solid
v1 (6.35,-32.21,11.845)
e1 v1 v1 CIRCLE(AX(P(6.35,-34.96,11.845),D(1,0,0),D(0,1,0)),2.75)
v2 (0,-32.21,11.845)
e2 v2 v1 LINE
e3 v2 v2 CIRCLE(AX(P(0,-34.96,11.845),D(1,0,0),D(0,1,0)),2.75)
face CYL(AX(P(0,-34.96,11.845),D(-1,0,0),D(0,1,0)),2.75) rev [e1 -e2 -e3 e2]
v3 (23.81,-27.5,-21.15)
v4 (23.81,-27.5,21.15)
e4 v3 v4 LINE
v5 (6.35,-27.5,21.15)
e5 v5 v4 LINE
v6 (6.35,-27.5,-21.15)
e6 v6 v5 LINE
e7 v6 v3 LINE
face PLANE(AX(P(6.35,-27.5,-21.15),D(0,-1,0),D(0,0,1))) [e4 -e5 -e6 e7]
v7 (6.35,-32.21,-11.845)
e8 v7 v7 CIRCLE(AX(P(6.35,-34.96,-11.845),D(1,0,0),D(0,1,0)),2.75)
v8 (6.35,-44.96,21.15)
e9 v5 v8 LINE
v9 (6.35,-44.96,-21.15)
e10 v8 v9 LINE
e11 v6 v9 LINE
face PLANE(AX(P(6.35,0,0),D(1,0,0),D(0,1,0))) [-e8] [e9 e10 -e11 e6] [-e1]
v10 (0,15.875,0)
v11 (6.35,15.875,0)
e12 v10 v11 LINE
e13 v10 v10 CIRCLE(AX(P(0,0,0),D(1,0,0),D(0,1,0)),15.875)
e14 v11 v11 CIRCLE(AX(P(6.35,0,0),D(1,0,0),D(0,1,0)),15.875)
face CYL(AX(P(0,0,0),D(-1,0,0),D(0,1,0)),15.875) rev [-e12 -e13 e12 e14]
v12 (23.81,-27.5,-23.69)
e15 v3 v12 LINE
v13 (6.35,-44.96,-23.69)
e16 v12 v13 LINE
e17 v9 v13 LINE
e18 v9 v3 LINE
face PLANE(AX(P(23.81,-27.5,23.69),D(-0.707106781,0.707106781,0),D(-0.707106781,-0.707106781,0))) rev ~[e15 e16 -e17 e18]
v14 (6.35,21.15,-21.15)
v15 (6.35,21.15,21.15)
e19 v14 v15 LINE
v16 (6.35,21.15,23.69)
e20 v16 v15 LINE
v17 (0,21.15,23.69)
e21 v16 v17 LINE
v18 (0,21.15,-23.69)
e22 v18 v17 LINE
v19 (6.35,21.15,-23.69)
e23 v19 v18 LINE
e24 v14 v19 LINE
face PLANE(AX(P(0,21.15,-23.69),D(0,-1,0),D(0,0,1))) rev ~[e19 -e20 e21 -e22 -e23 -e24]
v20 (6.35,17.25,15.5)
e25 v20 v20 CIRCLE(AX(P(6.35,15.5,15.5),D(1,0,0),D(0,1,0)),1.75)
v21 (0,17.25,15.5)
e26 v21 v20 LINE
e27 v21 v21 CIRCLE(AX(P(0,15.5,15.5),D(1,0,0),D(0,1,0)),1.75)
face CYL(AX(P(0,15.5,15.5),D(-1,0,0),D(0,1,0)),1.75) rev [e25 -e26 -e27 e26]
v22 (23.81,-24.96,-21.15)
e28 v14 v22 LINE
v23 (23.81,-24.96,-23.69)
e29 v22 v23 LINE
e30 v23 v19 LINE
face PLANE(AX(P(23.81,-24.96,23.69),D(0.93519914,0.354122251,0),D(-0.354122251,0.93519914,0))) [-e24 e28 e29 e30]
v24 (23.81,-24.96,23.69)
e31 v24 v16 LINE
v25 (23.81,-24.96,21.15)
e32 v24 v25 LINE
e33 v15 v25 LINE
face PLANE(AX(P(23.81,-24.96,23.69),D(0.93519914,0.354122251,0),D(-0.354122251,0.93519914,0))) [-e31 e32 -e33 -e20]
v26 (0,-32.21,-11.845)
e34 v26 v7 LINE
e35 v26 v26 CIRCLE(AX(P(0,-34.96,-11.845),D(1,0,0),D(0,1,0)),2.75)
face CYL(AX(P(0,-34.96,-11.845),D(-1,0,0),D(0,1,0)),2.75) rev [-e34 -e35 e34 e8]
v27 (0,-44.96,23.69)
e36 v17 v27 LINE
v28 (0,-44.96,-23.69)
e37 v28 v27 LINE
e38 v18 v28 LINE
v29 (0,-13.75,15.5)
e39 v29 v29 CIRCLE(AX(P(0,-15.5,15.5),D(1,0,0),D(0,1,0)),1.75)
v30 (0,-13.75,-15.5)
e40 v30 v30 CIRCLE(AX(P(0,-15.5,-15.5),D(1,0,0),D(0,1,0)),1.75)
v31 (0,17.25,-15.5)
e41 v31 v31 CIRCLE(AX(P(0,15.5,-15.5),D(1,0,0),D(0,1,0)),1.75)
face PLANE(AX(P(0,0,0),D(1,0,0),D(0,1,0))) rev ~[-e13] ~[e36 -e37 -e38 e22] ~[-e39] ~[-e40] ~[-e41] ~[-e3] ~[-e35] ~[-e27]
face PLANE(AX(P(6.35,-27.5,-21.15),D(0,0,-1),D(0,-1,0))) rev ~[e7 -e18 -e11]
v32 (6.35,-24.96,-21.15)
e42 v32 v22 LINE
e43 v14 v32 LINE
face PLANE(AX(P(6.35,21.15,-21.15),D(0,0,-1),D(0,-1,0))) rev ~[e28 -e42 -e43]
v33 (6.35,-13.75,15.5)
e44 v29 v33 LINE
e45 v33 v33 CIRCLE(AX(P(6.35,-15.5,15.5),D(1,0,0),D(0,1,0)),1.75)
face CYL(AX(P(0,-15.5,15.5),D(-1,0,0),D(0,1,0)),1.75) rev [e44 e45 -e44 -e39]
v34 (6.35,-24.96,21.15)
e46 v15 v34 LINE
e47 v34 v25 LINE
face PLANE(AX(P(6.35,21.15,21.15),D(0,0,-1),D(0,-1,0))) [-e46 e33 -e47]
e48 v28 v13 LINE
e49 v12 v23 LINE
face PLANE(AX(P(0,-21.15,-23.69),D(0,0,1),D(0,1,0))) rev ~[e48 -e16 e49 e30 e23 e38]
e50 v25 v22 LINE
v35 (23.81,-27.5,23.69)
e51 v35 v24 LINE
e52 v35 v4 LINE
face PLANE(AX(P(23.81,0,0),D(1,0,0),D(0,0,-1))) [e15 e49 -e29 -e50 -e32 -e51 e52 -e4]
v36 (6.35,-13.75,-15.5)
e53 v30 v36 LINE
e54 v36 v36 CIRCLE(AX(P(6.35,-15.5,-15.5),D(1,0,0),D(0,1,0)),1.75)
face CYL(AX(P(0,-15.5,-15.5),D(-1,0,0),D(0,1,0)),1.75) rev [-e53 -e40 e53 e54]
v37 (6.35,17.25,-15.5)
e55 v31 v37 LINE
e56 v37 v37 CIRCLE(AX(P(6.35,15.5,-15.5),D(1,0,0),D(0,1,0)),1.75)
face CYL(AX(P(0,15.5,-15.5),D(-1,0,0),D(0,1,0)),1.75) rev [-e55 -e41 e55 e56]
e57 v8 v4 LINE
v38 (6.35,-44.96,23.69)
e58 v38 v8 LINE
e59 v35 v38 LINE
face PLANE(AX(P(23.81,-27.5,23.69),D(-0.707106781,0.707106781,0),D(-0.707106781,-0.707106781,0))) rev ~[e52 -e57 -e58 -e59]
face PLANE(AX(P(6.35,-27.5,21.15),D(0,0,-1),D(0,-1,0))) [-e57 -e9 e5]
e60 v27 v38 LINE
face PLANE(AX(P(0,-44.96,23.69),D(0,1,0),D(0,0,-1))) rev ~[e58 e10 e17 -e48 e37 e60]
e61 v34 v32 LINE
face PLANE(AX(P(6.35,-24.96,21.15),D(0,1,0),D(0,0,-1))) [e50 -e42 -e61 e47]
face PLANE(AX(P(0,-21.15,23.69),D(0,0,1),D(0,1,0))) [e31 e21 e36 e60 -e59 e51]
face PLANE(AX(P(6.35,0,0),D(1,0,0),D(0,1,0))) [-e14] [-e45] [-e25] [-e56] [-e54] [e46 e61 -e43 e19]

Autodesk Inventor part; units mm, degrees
ref_plane "YZ Plane" through (0, 0, 0) normal (1, 0, 0) x (0, 1, 0)
ref_plane "XZ Plane" through (0, 0, 0) normal (0, 1, 0) x (-1, 0, 0)
ref_plane "XY Plane" through (0, 0, 0) normal (0, 0, 1) x (1, 0, 0)
sketch "Sketch2" plane through (0, 0, 0) normal (1, 0, 0) x (0, 1, 0)
  line L0 (-15.5, 15.5) -> (15.5, 15.5) construction
  line L1 (15.5, 15.5) -> (15.5, -15.5) construction
  line L2 (15.5, -15.5) -> (-15.5, -15.5) construction
  line L3 (-15.5, -15.5) -> (-15.5, 15.5) construction
  line L4 (-15.5, 15.5) -> (15.5, -15.5) construction
  line L5 (15.5, 15.5) -> (-15.5, -15.5) construction
  circle A0 centre (15.5, 15.5) radius 1.75
  circle A1 centre (15.5, -15.5) radius 1.75
  circle A2 centre (-15.5, -15.5) radius 1.75
  line L6 (-21.15, 21.15) -> (21.15, 21.15) construction
  line L7 (21.15, -21.15) -> (-21.15, -21.15) construction
  line L8 (-21.15, -21.15) -> (-21.15, 21.15) construction
  line L9 (-21.15, 21.15) -> (21.15, -21.15) construction
  line L10 (21.15, 21.15) -> (-21.15, -21.15) construction
  circle A3 centre (-15.5, 15.5) radius 1.75
  line L11 (21.15, 21.15) -> (-21.15, 21.15) construction
  line L12 (-21.15, 23.69) -> (21.15, 23.69)
  line L13 (21.15, -21.15) -> (-21.15, -21.15) construction
  line L14 (-21.15, -21.15) -> (-21.15, -23.69) construction
  line L15 (-21.15, -23.69) -> (21.15, -23.69)
  line L16 (-21.15, 21.15) -> (-44.96, 21.15) construction
  line L17 (-44.96, 21.15) -> (-44.96, -21.15)
  line L18 (-44.96, -21.15) -> (-21.15, -21.15) construction
  line L19 (-21.15, -21.15) -> (-21.15, 21.15) construction
  line L20 (-44.96, 21.15) -> (-20.6909, 21.15) construction
  line L21 (-44.96, -21.15) -> (-21.15, -21.15) construction
  line L22 (-34.96, 0.6795) -> (-34.96, -24.3695) construction
  line L23 (-34.96, 0.6795) -> (-34.96, 23.0105) construction
  circle A4 centre (-34.96, 11.845) radius 2.75
  circle A5 centre (-34.96, -11.845) radius 2.75
  circle A6 centre (0, 0) radius 15.875
  line L24 (-21.15, -23.69) -> (-24.96, -23.69)
  line L25 (-24.96, -23.69) -> (-24.96, 23.69) construction
  line L26 (-24.96, 23.69) -> (-21.15, 23.69)
  line L27 (-21.15, 23.69) -> (-21.15, -23.69) construction
  line L28 (21.15, -23.69) -> (21.15, 23.69)
  line L29 (21.15, -23.69) -> (-24.96, -23.69)
  line L30 (-24.96, -23.69) -> (-24.96, 23.69)
  line L31 (-24.96, 23.69) -> (21.15, 23.69)
  line L32 (21.15, 23.69) -> (21.15, -23.69)
  line L33 (-24.96, 23.69) -> (-44.96, 23.69)
  line L34 (-44.96, 23.69) -> (-44.96, -23.69)
  line L35 (-44.96, -23.69) -> (-24.96, -23.69)
  line L36 (-24.96, -23.69) -> (-24.96, 23.69)
  dimension "d19" = 31
  dimension "d20" = 3.5
  dimension "d21" = 42.3
  dimension "d24" = 5.5
  dimension "d35" = 31.75
  dimension "d36" = 23.69
  dimension "d38" = 20
  dimension "d39" = 42.3
  dimension "d40" = 3.81
  dimension "d41" = 10
  dimension "d42" = 2.54
  dimension "d43" = 42.3
extrude "Extrusion2" add sketch "Sketch2" along normal blind 6.35
sketch "Sketch3" plane through (6.35, 0, 0) normal (1, 0, 0) x (0, 0, -1)
  line L0 (-23.69, 21.15) -> (-23.69, -41.15) projected
  line L1 (-21.15, -44.96) -> (21.15, -44.96) projected
  line L2 (-23.69, 21.15) -> (-21.15, 21.15)
  line L3 (-21.15, 21.15) -> (-21.15, -44.96)
  line L4 (-21.15, -44.96) -> (-23.69, -44.96)
  line L5 (-23.69, -44.96) -> (-23.69, 21.15)
  line L6 (23.69, -24.96) -> (23.69, 21.15) projected
  line L7 (23.69, 21.15) -> (21.15, 21.15)
  line L8 (21.15, 21.15) -> (21.15, -44.96)
  line L9 (21.15, -44.96) -> (23.69, -44.96)
  line L10 (23.69, -44.96) -> (23.69, 21.15)
  line L11 (23.69, -27.5) -> (-23.69, -27.5)
  line L12 (-23.69, -27.5) -> (-23.69, -24.96)
  line L13 (-23.69, -24.96) -> (23.69, -24.96)
  line L14 (23.69, -24.96) -> (23.69, -27.5)
  point P0 (0, 0)
  point P1 (23.69, -41.15)
  dimension "d27" = 2.54
  dimension "d28" = 2.54
  dimension "d29" = 2.54
  dimension "d30" = 20
extrude "Extrusion3" add sketch "Sketch3" along normal blind 17.46 contours L2 L3 L13 L0 | L13 L3 L11 L0 | L11 L3 L4 L5 L0 | L13 L8 L11 L3 | L13 L10 L11 L8 | L8 L7 L6 L13 | L11 L10 L9 L8
sketch "Sketch5" plane through (0, -44.96, 23.69) normal (0, 0, 1) x (1, 0, 0)
  line L0 (23.81, 20) -> (6.35, 20) projected
  line L1 (23.81, 66.11) -> (23.81, 20) projected
  line L2 (6.35, 66.11) -> (23.81, 66.11) projected
  line L3 (6.35, 20) -> (6.35, 66.11) projected
  line L4 (6.35, 17.46) -> (23.81, 17.46) projected
  line L5 (6.35, 0) -> (6.35, 17.46) projected
  line L6 (6.35, 0) -> (23.81, 0) projected
  line L7 (23.81, 17.46) -> (23.81, 0) projected
  line L8 (6.35, 0) -> (6.35, 17.46) projected
  line L9 (23.81, 17.46) -> (6.35, 0)
  line L10 (23.81, 20) -> (6.35, 66.11)
  point P0 (0, 44.96)
extrude "Extrusion5" cut sketch "Sketch5" against normal through all contours L10 L2 L1 | L7 L6 L9
properties part number "nemaMountStock"
